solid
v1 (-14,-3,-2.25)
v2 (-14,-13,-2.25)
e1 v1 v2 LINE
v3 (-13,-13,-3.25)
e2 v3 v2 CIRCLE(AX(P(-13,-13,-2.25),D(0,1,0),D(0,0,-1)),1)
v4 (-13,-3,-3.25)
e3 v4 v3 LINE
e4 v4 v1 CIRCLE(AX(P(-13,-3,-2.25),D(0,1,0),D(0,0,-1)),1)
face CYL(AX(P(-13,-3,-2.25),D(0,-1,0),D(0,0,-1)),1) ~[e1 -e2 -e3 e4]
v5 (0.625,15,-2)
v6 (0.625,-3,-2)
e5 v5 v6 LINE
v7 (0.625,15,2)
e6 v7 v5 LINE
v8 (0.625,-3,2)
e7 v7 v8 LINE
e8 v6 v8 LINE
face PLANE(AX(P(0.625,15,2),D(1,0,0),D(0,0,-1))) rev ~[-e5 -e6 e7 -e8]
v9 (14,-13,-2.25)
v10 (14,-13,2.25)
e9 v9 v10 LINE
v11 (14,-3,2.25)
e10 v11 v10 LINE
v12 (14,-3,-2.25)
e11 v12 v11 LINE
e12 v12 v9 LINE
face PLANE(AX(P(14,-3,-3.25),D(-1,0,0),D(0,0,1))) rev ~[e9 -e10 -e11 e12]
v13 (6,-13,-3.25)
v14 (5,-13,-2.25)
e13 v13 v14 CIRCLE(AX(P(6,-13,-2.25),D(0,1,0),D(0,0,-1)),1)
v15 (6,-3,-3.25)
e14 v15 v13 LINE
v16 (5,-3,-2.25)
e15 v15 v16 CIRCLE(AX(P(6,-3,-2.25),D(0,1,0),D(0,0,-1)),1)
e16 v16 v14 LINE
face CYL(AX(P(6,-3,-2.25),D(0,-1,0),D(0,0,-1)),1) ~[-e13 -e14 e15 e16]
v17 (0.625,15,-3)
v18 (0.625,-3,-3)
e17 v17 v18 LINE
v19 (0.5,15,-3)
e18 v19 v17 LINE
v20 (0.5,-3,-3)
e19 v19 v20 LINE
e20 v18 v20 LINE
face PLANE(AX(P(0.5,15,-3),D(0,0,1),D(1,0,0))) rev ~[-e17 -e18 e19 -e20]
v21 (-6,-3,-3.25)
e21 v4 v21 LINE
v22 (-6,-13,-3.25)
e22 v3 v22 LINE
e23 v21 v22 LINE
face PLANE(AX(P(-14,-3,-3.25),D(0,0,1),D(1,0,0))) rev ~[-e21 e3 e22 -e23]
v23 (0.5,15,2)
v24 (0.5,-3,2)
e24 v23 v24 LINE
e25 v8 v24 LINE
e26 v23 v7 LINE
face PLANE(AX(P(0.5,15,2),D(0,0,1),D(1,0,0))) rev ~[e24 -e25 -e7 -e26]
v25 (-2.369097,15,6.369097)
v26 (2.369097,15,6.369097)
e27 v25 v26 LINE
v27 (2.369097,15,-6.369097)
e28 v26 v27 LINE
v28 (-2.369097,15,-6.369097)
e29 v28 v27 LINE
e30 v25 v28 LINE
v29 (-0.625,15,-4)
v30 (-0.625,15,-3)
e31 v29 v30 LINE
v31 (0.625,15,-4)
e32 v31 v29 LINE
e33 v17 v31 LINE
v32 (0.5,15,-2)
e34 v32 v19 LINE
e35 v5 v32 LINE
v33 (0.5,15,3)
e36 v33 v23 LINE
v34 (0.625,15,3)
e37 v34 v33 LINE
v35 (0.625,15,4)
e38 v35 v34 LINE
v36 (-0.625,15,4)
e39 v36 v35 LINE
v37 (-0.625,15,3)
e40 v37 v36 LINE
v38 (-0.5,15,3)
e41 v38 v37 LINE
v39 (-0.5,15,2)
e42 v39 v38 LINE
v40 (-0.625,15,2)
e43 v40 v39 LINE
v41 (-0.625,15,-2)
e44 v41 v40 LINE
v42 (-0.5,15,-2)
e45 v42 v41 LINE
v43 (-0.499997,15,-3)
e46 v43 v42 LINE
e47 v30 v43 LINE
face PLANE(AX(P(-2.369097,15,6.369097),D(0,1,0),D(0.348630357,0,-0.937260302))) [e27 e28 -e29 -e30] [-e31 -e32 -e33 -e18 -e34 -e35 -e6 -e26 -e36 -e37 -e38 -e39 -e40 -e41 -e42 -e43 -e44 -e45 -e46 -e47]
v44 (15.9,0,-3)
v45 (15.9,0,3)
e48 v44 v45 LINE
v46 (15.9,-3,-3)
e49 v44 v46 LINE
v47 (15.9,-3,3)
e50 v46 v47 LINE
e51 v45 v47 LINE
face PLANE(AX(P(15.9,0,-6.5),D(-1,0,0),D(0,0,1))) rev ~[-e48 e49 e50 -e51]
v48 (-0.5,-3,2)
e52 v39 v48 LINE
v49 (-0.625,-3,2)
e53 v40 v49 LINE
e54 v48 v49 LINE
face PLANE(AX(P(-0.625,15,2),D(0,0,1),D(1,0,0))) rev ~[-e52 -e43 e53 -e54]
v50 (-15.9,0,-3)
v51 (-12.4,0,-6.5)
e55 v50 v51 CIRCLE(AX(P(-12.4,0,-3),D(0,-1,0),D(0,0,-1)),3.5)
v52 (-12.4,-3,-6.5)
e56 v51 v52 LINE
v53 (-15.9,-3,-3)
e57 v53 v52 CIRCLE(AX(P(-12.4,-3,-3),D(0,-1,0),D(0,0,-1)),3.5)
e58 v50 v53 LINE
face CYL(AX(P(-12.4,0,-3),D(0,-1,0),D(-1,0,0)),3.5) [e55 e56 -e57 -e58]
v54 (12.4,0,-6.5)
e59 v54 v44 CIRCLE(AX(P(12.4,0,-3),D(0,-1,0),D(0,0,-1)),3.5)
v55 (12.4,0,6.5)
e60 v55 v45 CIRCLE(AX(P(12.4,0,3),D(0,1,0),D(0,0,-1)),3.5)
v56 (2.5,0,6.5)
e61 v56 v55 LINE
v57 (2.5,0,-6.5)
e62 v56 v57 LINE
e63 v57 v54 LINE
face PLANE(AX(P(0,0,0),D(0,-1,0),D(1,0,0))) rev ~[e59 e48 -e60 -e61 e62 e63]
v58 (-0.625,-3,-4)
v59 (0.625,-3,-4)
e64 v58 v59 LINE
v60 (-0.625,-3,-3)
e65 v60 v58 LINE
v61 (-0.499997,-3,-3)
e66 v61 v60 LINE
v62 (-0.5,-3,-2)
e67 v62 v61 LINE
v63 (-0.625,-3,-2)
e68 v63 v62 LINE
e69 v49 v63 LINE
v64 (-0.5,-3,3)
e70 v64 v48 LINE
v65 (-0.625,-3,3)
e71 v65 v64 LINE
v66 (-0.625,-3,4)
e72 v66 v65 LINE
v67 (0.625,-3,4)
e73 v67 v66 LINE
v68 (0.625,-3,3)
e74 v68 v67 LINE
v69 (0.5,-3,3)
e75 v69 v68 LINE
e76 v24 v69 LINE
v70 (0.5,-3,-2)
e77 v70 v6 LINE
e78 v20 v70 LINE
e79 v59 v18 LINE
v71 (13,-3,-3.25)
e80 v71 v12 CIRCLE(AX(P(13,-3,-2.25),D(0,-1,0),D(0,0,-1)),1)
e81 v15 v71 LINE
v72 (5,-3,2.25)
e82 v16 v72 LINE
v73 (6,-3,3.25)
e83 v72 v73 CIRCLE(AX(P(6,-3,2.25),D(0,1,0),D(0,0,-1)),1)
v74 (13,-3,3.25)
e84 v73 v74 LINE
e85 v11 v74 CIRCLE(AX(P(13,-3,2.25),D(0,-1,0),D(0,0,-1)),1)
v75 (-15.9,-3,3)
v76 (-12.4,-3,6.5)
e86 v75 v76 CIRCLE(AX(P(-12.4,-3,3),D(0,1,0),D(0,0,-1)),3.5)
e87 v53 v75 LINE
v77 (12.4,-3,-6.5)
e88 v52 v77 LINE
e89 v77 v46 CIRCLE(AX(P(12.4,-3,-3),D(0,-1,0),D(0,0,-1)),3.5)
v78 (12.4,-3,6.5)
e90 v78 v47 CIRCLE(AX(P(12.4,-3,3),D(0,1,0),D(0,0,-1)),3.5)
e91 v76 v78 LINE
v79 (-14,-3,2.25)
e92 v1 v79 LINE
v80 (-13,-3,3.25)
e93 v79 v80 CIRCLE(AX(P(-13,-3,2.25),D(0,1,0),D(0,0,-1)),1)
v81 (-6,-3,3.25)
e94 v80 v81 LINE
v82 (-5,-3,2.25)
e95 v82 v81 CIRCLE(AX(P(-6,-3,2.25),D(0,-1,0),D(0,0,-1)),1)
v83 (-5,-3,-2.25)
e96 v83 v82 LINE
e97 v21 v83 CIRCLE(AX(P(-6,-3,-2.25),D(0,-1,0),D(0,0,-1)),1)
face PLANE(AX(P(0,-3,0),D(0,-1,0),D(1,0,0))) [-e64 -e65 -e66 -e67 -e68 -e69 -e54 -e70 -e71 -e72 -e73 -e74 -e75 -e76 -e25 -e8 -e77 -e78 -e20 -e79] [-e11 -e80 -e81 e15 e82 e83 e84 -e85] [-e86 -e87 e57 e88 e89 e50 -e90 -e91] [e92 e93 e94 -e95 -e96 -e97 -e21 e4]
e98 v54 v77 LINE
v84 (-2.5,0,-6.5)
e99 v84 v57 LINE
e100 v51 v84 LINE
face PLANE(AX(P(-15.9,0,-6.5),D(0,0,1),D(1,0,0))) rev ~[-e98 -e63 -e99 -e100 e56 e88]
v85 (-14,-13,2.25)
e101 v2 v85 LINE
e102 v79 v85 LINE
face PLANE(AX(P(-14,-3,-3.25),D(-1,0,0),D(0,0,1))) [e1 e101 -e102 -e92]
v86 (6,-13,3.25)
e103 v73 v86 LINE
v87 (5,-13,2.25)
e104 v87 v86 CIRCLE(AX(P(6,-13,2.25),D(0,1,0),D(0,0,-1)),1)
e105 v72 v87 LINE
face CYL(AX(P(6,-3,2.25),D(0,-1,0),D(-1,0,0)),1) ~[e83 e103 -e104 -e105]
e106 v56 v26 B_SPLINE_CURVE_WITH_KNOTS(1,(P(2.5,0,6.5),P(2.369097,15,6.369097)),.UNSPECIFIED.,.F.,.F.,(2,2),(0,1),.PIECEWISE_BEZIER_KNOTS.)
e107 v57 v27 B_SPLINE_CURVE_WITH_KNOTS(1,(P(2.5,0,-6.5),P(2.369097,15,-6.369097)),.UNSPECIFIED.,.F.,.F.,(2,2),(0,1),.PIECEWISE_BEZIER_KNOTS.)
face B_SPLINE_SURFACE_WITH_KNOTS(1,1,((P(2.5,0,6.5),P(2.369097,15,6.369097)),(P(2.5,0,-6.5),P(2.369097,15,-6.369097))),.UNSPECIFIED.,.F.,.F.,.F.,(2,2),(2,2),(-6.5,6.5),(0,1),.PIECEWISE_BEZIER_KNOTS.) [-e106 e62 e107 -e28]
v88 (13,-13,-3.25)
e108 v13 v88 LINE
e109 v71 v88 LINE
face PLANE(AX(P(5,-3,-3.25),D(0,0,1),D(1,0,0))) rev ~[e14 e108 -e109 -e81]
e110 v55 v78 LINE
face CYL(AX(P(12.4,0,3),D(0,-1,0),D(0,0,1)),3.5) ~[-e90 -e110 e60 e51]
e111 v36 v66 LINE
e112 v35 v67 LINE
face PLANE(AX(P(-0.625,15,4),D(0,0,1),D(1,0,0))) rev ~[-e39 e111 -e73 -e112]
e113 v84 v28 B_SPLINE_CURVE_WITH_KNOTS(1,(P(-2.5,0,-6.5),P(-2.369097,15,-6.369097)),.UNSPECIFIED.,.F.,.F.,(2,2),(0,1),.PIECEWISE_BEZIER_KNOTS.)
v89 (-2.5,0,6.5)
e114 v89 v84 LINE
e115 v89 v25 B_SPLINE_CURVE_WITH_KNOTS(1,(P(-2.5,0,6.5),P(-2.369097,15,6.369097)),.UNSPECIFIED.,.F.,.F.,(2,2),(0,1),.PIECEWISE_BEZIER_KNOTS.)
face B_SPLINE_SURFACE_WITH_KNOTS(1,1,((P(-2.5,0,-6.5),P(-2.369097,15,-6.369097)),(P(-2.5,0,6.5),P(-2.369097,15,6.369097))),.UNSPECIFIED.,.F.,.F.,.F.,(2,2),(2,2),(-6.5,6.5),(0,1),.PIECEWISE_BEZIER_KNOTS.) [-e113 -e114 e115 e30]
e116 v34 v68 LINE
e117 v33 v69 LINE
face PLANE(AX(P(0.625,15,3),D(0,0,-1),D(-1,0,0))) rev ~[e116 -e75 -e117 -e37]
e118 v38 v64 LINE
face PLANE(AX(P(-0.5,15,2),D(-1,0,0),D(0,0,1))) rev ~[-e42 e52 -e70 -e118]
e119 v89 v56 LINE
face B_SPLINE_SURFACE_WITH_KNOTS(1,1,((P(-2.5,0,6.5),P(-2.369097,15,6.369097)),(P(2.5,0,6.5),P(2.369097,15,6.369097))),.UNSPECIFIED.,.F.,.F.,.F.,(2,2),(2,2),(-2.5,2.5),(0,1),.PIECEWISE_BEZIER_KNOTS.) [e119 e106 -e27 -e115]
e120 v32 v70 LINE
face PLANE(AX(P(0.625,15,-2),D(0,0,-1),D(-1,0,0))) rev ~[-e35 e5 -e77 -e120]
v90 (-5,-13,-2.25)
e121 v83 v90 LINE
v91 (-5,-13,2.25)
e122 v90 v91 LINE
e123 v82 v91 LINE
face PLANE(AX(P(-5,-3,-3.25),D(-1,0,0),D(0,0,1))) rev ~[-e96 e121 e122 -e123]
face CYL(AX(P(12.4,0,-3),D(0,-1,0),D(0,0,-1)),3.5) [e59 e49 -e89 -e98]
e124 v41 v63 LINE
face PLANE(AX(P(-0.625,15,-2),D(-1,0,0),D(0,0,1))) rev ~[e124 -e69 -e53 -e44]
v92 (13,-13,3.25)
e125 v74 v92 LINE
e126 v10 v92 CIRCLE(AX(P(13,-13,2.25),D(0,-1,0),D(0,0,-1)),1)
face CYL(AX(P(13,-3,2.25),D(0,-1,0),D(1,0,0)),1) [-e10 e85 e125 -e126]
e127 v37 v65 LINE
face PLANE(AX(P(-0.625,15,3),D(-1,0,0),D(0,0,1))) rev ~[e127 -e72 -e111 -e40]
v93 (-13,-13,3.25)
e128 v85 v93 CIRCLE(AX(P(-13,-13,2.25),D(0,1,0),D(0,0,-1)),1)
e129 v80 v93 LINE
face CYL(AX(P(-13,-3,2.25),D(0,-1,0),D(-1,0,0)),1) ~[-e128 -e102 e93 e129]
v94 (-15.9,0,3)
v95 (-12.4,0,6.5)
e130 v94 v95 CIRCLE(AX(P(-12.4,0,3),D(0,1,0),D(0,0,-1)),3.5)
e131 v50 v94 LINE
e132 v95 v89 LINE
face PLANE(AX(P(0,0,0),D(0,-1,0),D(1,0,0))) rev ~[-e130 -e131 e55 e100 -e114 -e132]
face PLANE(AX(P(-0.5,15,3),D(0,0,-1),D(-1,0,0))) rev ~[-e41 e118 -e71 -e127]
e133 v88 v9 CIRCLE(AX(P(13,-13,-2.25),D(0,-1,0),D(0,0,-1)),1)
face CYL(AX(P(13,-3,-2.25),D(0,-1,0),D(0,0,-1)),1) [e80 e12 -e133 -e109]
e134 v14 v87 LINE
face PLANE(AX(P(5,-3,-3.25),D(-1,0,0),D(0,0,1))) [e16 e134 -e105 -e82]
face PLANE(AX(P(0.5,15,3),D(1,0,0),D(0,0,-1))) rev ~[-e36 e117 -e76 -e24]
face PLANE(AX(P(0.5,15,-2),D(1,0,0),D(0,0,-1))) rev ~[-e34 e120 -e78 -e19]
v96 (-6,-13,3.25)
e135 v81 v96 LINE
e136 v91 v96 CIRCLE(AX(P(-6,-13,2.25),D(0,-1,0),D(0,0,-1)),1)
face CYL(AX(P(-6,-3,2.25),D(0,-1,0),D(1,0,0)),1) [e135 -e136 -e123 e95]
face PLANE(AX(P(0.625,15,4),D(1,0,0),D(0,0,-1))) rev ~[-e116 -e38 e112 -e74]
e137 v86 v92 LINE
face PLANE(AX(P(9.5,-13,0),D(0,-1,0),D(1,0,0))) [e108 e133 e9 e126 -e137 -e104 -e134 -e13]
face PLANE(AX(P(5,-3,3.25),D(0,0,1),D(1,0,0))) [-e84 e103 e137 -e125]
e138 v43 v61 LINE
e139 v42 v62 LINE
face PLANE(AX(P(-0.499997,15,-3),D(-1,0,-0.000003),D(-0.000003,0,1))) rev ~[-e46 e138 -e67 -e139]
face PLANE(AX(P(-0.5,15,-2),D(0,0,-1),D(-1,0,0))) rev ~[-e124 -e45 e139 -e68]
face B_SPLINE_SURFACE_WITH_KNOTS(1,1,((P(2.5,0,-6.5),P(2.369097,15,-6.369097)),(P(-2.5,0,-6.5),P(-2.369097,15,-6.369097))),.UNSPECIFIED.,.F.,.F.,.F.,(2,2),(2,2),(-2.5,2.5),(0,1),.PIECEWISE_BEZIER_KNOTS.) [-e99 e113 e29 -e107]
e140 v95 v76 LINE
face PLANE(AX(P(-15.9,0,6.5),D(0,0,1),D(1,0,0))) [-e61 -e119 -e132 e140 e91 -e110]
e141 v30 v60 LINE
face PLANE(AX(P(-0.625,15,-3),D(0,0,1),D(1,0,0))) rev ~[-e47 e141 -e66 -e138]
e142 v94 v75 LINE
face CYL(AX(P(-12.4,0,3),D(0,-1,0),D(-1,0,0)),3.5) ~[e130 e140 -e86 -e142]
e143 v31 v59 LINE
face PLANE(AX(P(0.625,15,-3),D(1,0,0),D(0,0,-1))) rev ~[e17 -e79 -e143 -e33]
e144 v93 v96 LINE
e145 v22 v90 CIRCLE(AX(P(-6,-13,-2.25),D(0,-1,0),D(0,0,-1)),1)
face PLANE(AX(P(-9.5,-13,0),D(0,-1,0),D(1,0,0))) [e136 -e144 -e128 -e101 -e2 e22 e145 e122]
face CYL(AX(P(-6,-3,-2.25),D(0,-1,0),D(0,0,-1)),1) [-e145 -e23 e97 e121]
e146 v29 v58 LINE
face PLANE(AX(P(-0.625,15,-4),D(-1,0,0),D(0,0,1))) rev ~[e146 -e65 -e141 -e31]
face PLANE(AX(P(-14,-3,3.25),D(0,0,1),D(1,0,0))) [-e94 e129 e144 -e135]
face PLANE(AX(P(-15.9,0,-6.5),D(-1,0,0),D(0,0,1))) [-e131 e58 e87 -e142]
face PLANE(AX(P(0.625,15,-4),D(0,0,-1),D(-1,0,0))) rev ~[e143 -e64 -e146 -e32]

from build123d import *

# Parameters (mm, degrees)
SKETCH_W     = 31.8
SKETCH_H     = 13
PAD_DEPTH    = 3
SKETCH001_W  = 9
SKETCH001_H  = 6.5
PAD001_DEPTH = 10
SKETCH002_W  = 5
SKETCH002_H  = 13
PAD002_DEPTH = 15
PAD002_TAPER = 0.5
POCKET_DEPTH = 28.001
FILLET_R     = 3.5
FILLET001_R  = 1


with BuildPart() as part:
    # Sketch → Pad (new body)
    with BuildSketch(Plane.XZ):
        Rectangle(SKETCH_W, SKETCH_H)
    extrude(amount=PAD_DEPTH)

    # Sketch001 (on Face6 of Pad) → Pad001 (join)
    with BuildSketch(Plane.XZ.offset(3)):
        with Locations((-9.5, 0)):
            Rectangle(SKETCH001_W, SKETCH001_H)
        with Locations((9.5, 0)):
            Rectangle(SKETCH001_W, SKETCH001_H)
    extrude(amount=PAD001_DEPTH)

    # Sketch002 (on Face4 of Pad001) → Pad002 (join)
    with BuildSketch(Plane(origin=(0, 0, 0), x_dir=(1, 0, 0), z_dir=(0, 1, 0))):
        Rectangle(SKETCH002_W, SKETCH002_H)
    extrude(amount=PAD002_DEPTH, taper=PAD002_TAPER)

    # Sketch003 (on Face10 of Pad002) → Pocket (cut, through all)
    with BuildSketch(Plane(origin=(0, 15, 0), x_dir=(1, 0, 0), z_dir=(0, 1, 0))):
        Polygon((-0.625, -4), (0.625, -4), (0.625, -3), (0.5, -3), (0.5, -2), (0.625, -2), (0.625, 2), (0.5, 2), (0.5, 3), (0.625, 3), (0.625, 4), (-0.625, 4), (-0.625, 3), (-0.499997, 3), (-0.5, 2), (-0.625, 2), (-0.625, -2), (-0.5, -2), (-0.5, -3), (-0.625, -3), align=None)
    extrude(amount=-POCKET_DEPTH, mode=Mode.SUBTRACT)

    # Fillet
    fillet_edges = [part.edges().sort_by_distance(p)[0] for p in [
        (15.9, -1.5, -6.5),
        (-15.9, -1.5, -6.5),
        (-15.9, -1.5, 6.5),
        (15.9, -1.5, 6.5),
    ]]
    fillet(fillet_edges, radius=FILLET_R)

    # Fillet001
    fillet001_edges = [part.edges().sort_by_distance(p)[0] for p in [
        (-14, -8, -3.25),
        (-14, -8, 3.25),
        (-5, -8, -3.25),
        (5, -8, -3.25),
        (14, -8, -3.25),
        (-5, -8, 3.25),
        (5, -8, 3.25),
        (14, -8, 3.25),
    ]]
    fillet(fillet001_edges, radius=FILLET001_R)


solid = part.part
